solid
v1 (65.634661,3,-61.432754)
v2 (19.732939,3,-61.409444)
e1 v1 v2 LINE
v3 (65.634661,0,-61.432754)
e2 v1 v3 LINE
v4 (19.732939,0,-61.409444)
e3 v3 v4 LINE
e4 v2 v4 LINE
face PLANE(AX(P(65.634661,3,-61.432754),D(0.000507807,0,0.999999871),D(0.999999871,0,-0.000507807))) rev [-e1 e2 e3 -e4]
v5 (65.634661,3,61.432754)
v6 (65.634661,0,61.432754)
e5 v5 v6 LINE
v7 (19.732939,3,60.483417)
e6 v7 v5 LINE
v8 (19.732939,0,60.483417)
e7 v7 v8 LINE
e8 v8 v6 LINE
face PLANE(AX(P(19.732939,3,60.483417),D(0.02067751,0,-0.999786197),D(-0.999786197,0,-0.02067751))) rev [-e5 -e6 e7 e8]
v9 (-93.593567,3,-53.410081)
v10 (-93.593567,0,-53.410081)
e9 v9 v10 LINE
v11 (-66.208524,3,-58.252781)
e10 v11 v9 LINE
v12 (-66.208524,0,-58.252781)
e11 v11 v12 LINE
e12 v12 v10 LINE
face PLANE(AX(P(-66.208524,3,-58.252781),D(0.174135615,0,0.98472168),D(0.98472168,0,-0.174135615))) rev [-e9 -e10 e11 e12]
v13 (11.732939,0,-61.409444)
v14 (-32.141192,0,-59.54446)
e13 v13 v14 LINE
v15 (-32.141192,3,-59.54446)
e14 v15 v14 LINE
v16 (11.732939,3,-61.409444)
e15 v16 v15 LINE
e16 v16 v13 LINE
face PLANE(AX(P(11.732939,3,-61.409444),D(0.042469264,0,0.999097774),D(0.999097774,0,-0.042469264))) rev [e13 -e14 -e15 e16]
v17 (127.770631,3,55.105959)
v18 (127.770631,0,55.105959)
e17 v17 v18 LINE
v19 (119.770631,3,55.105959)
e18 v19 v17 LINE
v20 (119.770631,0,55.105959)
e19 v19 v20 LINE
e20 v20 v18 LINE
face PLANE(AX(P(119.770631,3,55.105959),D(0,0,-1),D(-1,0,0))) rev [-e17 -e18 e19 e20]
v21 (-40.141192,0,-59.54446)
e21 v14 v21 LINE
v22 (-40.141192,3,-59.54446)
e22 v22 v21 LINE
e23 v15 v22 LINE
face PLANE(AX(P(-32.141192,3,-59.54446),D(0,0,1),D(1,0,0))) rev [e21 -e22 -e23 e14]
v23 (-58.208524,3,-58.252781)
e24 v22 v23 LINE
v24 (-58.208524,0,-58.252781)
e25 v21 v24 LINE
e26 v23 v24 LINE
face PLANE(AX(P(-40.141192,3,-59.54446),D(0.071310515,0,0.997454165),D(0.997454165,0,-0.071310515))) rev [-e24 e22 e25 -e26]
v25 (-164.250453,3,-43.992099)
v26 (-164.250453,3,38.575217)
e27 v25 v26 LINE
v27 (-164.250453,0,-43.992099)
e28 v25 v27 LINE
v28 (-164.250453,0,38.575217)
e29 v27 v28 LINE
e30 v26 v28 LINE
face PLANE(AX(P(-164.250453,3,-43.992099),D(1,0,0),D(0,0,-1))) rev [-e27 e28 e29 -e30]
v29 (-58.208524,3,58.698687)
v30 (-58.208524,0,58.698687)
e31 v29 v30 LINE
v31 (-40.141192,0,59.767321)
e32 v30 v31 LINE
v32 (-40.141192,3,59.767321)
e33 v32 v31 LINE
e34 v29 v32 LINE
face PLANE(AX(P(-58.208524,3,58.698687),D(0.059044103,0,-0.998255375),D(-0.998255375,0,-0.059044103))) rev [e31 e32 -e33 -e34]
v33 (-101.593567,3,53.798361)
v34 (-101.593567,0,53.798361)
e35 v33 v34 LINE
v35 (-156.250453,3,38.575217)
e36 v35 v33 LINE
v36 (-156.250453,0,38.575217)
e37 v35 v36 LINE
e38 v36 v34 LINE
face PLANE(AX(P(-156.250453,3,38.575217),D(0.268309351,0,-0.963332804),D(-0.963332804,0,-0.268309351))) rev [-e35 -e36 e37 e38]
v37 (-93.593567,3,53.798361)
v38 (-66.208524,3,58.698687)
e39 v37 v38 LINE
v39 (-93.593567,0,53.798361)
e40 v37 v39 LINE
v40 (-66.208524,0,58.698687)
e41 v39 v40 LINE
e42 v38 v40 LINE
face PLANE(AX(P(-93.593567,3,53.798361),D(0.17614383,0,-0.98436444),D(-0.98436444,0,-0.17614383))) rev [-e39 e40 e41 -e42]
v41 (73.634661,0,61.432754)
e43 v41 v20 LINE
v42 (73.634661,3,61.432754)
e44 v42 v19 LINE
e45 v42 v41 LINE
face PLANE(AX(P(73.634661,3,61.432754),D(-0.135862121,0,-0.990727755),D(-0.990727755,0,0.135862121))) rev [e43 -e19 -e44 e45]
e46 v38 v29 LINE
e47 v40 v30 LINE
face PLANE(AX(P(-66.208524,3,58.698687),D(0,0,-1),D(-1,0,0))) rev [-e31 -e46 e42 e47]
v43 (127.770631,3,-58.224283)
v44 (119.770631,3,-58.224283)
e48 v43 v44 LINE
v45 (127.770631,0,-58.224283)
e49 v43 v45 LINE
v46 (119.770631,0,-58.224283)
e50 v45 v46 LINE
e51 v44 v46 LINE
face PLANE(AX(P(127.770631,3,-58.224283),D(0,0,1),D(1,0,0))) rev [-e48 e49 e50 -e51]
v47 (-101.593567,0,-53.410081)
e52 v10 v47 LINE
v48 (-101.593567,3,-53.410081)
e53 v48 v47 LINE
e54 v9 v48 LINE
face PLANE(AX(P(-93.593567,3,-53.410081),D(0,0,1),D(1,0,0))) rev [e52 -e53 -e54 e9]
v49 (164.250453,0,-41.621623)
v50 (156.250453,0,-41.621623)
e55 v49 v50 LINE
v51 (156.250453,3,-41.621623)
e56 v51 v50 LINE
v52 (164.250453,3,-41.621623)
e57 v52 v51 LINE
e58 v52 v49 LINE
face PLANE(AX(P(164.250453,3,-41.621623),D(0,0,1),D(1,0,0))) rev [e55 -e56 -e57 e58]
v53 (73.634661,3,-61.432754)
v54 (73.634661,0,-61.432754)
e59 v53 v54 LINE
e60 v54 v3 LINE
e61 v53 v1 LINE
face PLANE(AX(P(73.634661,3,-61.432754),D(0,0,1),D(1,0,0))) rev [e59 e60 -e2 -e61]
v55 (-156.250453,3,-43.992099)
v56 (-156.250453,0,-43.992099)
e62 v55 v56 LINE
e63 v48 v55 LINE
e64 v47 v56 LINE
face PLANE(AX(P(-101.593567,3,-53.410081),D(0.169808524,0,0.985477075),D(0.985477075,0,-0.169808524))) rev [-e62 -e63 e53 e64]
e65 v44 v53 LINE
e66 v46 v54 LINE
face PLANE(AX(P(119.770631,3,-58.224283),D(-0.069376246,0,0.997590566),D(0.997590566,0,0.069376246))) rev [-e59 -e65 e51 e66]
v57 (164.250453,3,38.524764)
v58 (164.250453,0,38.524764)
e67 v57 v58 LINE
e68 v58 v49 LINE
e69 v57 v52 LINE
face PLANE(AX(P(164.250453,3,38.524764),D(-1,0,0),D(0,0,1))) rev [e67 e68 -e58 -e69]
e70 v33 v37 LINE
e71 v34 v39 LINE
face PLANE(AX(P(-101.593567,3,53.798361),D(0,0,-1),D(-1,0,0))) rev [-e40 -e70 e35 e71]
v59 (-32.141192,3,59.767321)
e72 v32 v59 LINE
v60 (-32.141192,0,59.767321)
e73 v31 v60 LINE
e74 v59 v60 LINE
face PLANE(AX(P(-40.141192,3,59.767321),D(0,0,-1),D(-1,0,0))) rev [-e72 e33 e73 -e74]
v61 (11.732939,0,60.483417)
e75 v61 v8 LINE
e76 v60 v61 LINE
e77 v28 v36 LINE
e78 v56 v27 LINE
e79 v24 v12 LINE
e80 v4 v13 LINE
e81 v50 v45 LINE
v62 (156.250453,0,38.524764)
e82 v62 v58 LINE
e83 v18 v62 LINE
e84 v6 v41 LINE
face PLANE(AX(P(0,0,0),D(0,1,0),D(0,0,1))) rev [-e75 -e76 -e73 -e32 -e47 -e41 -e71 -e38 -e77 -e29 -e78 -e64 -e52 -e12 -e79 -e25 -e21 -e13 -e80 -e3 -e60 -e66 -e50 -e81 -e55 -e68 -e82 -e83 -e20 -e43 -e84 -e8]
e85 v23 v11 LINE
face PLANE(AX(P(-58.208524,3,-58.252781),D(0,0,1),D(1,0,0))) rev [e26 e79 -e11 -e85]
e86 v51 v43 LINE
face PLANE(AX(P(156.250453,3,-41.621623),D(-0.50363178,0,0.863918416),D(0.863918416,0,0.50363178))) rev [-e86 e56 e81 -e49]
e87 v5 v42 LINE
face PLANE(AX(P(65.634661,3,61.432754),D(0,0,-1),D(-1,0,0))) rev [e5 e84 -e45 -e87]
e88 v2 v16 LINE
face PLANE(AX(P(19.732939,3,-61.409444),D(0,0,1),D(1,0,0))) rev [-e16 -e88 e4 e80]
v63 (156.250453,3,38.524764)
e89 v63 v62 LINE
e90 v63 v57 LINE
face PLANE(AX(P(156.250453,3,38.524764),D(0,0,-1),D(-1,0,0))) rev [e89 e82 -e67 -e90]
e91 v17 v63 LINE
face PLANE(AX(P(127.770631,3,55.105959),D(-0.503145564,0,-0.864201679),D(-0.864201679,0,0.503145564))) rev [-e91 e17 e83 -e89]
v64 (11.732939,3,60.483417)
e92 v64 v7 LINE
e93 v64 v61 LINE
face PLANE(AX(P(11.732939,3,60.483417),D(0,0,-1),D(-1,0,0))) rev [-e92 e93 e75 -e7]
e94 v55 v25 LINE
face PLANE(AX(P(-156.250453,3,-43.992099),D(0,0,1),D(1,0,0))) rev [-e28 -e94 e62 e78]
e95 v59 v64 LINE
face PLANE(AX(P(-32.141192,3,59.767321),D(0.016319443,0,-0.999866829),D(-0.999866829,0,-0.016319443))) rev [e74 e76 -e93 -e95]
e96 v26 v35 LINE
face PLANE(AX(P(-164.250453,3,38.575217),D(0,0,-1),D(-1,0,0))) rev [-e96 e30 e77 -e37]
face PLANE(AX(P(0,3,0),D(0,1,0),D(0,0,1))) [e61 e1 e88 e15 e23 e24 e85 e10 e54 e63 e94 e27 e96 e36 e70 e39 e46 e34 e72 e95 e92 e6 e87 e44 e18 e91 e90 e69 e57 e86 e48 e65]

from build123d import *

# Parameters (mm, degrees)
EXTRUDE_1_DEPTH = 3


with BuildPart() as part:
    # 草图2 → 凸台-拉伸1 (new body)
    with BuildSketch(Plane(origin=(0, 0, 0), x_dir=(1, 0, 0), z_dir=(0, 1, 0))):
        Polygon((-164.250453447, 43.992099143), (-164.250453447, -38.575217414), (-156.250453447, -38.575217414), (-101.593567099, -53.798361105), (-93.593567099, -53.798361105), (-66.208524408, -58.698686744), (-58.208524408, -58.698686744), (-40.141191871, -59.767320554), (-32.141191871, -59.767320554), (11.732938579, -60.483417299), (19.732938579, -60.483417299), (65.634661476, -61.432753586), (73.634661476, -61.432753586), (119.770630773, -55.105959377), (127.770630773, -55.105959377), (156.250453447, -38.524764499), (164.250453447, -38.524764499), (164.250453447, 41.621622565), (156.250453447, 41.621622565), (127.770630773, 58.224282644), (119.770630773, 58.224282644), (73.634661476, 61.432753586), (65.634661476, 61.432753586), (19.732938579, 61.409444378), (11.732938579, 61.409444378), (-32.141191871, 59.544459715), (-40.141191871, 59.544459715), (-58.208524408, 58.252780522), (-66.208524408, 58.252780522), (-93.593567099, 53.410080957), (-101.593567099, 53.410080957), (-156.250453447, 43.992099143), align=None)
    extrude(amount=EXTRUDE_1_DEPTH)


solid = part.part
